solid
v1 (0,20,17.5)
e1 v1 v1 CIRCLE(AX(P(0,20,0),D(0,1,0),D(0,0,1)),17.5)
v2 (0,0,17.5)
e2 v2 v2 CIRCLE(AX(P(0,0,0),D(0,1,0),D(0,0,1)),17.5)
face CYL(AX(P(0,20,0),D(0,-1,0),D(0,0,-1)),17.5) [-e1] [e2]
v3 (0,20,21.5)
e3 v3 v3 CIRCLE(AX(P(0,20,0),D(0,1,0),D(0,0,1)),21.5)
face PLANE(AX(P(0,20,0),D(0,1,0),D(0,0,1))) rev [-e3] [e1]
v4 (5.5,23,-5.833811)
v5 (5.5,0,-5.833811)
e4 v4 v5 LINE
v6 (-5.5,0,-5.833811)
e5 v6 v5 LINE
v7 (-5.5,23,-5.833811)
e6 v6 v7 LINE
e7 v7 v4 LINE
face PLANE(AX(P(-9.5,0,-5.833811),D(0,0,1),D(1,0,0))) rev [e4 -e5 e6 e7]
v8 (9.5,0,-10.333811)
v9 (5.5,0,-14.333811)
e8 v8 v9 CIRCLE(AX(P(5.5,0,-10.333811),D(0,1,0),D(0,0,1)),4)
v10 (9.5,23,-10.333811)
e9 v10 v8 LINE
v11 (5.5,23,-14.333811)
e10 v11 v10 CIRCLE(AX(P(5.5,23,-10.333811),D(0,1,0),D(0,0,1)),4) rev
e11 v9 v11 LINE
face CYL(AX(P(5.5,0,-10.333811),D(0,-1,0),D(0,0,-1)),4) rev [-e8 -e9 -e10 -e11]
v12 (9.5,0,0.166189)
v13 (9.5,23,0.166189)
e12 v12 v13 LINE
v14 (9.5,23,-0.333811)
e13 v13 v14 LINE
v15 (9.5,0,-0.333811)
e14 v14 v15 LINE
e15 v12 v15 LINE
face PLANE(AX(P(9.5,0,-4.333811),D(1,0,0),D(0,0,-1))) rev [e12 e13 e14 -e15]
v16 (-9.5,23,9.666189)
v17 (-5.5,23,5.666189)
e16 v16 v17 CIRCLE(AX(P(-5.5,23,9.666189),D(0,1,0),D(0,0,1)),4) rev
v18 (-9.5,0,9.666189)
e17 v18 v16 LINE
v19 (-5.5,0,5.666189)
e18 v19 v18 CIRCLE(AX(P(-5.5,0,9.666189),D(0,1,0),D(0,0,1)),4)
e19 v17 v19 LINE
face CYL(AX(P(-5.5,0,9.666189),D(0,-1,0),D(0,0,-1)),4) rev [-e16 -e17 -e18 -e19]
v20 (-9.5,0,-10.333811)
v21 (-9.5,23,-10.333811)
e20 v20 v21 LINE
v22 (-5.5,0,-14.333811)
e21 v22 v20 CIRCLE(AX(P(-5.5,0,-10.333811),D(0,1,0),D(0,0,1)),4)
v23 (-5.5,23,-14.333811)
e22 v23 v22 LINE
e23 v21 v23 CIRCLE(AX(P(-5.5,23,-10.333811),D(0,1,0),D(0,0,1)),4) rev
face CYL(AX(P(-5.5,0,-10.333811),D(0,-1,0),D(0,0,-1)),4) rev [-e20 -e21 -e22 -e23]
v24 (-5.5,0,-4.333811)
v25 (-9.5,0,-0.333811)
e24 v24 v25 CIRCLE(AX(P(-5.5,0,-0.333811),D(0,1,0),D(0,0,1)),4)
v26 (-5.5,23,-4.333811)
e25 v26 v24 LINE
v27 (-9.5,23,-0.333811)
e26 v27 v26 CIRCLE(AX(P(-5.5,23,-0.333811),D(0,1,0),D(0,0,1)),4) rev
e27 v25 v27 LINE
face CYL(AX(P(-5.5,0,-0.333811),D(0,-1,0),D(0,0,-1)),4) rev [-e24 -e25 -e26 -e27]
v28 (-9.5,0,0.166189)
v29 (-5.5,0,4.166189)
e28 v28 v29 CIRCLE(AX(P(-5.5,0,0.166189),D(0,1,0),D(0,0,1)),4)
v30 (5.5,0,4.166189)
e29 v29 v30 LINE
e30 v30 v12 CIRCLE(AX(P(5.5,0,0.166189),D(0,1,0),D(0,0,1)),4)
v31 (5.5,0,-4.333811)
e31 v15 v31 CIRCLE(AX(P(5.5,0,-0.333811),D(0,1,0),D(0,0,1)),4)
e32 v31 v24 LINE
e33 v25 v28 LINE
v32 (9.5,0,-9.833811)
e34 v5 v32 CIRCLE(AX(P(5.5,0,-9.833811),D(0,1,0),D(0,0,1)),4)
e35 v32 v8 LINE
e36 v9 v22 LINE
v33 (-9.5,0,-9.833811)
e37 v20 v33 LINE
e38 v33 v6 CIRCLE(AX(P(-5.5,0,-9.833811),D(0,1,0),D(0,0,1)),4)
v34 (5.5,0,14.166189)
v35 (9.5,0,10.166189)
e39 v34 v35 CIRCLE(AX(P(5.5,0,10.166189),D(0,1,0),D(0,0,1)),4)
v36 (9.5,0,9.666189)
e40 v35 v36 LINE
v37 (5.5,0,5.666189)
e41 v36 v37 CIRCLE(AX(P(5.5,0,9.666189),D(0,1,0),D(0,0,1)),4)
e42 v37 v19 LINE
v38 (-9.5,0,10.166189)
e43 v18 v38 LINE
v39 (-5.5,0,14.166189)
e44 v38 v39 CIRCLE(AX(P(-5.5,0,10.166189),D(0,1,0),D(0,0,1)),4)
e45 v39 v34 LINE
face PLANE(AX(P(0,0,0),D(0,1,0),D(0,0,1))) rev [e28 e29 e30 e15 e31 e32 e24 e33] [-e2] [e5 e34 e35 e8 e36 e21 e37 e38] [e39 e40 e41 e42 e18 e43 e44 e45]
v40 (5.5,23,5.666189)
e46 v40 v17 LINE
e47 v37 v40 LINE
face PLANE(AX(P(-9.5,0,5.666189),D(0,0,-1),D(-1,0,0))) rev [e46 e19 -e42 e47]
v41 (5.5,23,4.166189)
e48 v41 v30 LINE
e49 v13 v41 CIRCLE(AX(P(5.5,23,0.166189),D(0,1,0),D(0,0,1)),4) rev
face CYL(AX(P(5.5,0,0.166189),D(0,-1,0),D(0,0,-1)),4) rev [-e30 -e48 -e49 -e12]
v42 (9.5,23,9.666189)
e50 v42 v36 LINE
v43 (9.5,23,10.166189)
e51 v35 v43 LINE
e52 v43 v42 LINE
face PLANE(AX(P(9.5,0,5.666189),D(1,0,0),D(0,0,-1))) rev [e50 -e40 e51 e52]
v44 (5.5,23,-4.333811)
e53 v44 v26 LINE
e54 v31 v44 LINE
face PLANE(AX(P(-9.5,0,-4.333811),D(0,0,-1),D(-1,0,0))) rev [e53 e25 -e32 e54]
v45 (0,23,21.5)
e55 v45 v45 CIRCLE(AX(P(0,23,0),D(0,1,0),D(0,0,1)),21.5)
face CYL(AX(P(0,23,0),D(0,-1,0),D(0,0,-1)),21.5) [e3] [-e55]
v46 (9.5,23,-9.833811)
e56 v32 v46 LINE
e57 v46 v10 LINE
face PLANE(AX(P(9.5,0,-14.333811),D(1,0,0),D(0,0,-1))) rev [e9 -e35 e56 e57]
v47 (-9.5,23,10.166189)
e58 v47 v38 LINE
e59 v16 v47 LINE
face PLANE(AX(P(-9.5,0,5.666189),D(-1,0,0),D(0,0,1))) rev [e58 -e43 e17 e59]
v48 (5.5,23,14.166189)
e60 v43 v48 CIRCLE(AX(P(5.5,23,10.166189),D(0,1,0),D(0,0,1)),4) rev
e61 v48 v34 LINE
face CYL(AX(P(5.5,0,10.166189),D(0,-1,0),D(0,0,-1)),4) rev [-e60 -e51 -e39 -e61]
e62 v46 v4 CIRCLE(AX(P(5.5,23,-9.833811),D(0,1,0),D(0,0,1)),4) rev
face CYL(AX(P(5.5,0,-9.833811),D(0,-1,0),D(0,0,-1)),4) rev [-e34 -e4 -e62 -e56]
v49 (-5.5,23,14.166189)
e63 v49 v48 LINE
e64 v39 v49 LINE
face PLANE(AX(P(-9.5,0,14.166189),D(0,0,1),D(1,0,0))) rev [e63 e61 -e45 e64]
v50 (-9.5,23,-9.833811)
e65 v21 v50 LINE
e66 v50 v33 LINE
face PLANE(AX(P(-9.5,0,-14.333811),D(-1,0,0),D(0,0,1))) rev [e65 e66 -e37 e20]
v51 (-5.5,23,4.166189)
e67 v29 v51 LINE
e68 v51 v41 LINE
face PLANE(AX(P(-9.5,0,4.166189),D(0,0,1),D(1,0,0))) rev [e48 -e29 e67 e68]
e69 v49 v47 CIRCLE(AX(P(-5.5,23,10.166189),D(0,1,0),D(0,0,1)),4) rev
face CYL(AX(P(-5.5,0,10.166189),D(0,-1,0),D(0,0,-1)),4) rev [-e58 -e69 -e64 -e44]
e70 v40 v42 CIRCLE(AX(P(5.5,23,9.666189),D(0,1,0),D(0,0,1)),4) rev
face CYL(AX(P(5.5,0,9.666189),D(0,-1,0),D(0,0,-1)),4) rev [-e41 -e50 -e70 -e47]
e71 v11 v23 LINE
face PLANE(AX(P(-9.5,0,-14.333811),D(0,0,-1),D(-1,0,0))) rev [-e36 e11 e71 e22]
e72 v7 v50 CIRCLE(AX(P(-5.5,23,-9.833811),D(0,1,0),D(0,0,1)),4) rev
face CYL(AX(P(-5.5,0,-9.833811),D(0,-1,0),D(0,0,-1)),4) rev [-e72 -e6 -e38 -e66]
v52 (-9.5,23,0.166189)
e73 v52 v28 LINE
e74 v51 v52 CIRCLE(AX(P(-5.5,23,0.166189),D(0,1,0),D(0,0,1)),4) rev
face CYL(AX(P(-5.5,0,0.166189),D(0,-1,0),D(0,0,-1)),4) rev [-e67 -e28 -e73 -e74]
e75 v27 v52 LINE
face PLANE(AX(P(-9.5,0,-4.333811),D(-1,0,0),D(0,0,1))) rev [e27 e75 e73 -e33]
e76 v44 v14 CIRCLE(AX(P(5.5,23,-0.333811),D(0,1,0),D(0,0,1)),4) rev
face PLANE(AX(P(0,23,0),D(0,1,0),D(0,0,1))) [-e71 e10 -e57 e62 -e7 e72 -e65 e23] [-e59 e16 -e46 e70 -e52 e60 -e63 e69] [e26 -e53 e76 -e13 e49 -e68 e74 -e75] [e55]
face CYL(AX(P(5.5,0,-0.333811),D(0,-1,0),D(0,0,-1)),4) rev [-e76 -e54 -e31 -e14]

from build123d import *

# Parameters (mm, degrees)
SKETCH1_R           = 17.5
BOSS_EXTRUDE1_DEPTH = 20
SKETCH2_R           = 21.5
BOSS_EXTRUDE2_DEPTH = 3
SKETCH3_W           = 19
SKETCH3_H           = 8.5
CUT_EXTRUDE3_DEPTH  = 23
FILLET11_R          = 4
FILLET12_R          = 4


with BuildPart() as part:
    # Sketch1 → Boss-Extrude1 (new body)
    with BuildSketch(Plane(origin=(0, 0, 0), x_dir=(1, 0, 0), z_dir=(0, 1, 0))):
        with Locations(Location((0, 0, 0), (0, 0, 270))):
            Circle(SKETCH1_R)
    extrude(amount=BOSS_EXTRUDE1_DEPTH)

    # Sketch2 → Boss-Extrude2 (add)
    with BuildSketch(Plane(origin=(0, 20, 0), x_dir=(1, 0, 0), z_dir=(0, 1, 0))):
        with Locations(Location((0, 0, 0), (0, 0, 270))):
            Circle(SKETCH2_R)
    extrude(amount=BOSS_EXTRUDE2_DEPTH)

    # Sketch3 → Cut-Extrude3 (cut)
    with BuildSketch(Plane(origin=(0, 23, 0), x_dir=(1, 0, 0), z_dir=(0, 1, 0))):
        with Locations((0, 0.083811037)):
            Rectangle(SKETCH3_W, SKETCH3_H)
        with Locations((0, 10.083811037)):
            Rectangle(SKETCH3_W, SKETCH3_H)
        with Locations((0, -9.916188963)):
            Rectangle(SKETCH3_W, SKETCH3_H)
    extrude(amount=-CUT_EXTRUDE3_DEPTH, mode=Mode.SUBTRACT)

    # Fillet11
    fillet11_edges = [part.edges().sort_by_distance(p)[0] for p in [
        (9.5, 11.5, 4.166188963),
        (-9.5, 11.5, 4.166188963),
        (-9.5, 11.5, -4.333811037),
        (9.5, 11.5, -4.333811037),
        (9.5, 11.5, 14.166188963),
        (-9.5, 11.5, 14.166188963),
        (-9.5, 11.5, 5.666188963),
        (9.5, 11.5, 5.666188963),
    ]]
    fillet(fillet11_edges, radius=FILLET11_R)

    # Fillet12
    fillet12_edges = [part.edges().sort_by_distance(p)[0] for p in [
        (9.5, 11.5, -14.333811037),
        (9.5, 11.5, -5.833811037),
        (-9.5, 11.5, -5.833811037),
        (-9.5, 11.5, -14.333811037),
    ]]
    fillet(fillet12_edges, radius=FILLET12_R)


solid = part.part
